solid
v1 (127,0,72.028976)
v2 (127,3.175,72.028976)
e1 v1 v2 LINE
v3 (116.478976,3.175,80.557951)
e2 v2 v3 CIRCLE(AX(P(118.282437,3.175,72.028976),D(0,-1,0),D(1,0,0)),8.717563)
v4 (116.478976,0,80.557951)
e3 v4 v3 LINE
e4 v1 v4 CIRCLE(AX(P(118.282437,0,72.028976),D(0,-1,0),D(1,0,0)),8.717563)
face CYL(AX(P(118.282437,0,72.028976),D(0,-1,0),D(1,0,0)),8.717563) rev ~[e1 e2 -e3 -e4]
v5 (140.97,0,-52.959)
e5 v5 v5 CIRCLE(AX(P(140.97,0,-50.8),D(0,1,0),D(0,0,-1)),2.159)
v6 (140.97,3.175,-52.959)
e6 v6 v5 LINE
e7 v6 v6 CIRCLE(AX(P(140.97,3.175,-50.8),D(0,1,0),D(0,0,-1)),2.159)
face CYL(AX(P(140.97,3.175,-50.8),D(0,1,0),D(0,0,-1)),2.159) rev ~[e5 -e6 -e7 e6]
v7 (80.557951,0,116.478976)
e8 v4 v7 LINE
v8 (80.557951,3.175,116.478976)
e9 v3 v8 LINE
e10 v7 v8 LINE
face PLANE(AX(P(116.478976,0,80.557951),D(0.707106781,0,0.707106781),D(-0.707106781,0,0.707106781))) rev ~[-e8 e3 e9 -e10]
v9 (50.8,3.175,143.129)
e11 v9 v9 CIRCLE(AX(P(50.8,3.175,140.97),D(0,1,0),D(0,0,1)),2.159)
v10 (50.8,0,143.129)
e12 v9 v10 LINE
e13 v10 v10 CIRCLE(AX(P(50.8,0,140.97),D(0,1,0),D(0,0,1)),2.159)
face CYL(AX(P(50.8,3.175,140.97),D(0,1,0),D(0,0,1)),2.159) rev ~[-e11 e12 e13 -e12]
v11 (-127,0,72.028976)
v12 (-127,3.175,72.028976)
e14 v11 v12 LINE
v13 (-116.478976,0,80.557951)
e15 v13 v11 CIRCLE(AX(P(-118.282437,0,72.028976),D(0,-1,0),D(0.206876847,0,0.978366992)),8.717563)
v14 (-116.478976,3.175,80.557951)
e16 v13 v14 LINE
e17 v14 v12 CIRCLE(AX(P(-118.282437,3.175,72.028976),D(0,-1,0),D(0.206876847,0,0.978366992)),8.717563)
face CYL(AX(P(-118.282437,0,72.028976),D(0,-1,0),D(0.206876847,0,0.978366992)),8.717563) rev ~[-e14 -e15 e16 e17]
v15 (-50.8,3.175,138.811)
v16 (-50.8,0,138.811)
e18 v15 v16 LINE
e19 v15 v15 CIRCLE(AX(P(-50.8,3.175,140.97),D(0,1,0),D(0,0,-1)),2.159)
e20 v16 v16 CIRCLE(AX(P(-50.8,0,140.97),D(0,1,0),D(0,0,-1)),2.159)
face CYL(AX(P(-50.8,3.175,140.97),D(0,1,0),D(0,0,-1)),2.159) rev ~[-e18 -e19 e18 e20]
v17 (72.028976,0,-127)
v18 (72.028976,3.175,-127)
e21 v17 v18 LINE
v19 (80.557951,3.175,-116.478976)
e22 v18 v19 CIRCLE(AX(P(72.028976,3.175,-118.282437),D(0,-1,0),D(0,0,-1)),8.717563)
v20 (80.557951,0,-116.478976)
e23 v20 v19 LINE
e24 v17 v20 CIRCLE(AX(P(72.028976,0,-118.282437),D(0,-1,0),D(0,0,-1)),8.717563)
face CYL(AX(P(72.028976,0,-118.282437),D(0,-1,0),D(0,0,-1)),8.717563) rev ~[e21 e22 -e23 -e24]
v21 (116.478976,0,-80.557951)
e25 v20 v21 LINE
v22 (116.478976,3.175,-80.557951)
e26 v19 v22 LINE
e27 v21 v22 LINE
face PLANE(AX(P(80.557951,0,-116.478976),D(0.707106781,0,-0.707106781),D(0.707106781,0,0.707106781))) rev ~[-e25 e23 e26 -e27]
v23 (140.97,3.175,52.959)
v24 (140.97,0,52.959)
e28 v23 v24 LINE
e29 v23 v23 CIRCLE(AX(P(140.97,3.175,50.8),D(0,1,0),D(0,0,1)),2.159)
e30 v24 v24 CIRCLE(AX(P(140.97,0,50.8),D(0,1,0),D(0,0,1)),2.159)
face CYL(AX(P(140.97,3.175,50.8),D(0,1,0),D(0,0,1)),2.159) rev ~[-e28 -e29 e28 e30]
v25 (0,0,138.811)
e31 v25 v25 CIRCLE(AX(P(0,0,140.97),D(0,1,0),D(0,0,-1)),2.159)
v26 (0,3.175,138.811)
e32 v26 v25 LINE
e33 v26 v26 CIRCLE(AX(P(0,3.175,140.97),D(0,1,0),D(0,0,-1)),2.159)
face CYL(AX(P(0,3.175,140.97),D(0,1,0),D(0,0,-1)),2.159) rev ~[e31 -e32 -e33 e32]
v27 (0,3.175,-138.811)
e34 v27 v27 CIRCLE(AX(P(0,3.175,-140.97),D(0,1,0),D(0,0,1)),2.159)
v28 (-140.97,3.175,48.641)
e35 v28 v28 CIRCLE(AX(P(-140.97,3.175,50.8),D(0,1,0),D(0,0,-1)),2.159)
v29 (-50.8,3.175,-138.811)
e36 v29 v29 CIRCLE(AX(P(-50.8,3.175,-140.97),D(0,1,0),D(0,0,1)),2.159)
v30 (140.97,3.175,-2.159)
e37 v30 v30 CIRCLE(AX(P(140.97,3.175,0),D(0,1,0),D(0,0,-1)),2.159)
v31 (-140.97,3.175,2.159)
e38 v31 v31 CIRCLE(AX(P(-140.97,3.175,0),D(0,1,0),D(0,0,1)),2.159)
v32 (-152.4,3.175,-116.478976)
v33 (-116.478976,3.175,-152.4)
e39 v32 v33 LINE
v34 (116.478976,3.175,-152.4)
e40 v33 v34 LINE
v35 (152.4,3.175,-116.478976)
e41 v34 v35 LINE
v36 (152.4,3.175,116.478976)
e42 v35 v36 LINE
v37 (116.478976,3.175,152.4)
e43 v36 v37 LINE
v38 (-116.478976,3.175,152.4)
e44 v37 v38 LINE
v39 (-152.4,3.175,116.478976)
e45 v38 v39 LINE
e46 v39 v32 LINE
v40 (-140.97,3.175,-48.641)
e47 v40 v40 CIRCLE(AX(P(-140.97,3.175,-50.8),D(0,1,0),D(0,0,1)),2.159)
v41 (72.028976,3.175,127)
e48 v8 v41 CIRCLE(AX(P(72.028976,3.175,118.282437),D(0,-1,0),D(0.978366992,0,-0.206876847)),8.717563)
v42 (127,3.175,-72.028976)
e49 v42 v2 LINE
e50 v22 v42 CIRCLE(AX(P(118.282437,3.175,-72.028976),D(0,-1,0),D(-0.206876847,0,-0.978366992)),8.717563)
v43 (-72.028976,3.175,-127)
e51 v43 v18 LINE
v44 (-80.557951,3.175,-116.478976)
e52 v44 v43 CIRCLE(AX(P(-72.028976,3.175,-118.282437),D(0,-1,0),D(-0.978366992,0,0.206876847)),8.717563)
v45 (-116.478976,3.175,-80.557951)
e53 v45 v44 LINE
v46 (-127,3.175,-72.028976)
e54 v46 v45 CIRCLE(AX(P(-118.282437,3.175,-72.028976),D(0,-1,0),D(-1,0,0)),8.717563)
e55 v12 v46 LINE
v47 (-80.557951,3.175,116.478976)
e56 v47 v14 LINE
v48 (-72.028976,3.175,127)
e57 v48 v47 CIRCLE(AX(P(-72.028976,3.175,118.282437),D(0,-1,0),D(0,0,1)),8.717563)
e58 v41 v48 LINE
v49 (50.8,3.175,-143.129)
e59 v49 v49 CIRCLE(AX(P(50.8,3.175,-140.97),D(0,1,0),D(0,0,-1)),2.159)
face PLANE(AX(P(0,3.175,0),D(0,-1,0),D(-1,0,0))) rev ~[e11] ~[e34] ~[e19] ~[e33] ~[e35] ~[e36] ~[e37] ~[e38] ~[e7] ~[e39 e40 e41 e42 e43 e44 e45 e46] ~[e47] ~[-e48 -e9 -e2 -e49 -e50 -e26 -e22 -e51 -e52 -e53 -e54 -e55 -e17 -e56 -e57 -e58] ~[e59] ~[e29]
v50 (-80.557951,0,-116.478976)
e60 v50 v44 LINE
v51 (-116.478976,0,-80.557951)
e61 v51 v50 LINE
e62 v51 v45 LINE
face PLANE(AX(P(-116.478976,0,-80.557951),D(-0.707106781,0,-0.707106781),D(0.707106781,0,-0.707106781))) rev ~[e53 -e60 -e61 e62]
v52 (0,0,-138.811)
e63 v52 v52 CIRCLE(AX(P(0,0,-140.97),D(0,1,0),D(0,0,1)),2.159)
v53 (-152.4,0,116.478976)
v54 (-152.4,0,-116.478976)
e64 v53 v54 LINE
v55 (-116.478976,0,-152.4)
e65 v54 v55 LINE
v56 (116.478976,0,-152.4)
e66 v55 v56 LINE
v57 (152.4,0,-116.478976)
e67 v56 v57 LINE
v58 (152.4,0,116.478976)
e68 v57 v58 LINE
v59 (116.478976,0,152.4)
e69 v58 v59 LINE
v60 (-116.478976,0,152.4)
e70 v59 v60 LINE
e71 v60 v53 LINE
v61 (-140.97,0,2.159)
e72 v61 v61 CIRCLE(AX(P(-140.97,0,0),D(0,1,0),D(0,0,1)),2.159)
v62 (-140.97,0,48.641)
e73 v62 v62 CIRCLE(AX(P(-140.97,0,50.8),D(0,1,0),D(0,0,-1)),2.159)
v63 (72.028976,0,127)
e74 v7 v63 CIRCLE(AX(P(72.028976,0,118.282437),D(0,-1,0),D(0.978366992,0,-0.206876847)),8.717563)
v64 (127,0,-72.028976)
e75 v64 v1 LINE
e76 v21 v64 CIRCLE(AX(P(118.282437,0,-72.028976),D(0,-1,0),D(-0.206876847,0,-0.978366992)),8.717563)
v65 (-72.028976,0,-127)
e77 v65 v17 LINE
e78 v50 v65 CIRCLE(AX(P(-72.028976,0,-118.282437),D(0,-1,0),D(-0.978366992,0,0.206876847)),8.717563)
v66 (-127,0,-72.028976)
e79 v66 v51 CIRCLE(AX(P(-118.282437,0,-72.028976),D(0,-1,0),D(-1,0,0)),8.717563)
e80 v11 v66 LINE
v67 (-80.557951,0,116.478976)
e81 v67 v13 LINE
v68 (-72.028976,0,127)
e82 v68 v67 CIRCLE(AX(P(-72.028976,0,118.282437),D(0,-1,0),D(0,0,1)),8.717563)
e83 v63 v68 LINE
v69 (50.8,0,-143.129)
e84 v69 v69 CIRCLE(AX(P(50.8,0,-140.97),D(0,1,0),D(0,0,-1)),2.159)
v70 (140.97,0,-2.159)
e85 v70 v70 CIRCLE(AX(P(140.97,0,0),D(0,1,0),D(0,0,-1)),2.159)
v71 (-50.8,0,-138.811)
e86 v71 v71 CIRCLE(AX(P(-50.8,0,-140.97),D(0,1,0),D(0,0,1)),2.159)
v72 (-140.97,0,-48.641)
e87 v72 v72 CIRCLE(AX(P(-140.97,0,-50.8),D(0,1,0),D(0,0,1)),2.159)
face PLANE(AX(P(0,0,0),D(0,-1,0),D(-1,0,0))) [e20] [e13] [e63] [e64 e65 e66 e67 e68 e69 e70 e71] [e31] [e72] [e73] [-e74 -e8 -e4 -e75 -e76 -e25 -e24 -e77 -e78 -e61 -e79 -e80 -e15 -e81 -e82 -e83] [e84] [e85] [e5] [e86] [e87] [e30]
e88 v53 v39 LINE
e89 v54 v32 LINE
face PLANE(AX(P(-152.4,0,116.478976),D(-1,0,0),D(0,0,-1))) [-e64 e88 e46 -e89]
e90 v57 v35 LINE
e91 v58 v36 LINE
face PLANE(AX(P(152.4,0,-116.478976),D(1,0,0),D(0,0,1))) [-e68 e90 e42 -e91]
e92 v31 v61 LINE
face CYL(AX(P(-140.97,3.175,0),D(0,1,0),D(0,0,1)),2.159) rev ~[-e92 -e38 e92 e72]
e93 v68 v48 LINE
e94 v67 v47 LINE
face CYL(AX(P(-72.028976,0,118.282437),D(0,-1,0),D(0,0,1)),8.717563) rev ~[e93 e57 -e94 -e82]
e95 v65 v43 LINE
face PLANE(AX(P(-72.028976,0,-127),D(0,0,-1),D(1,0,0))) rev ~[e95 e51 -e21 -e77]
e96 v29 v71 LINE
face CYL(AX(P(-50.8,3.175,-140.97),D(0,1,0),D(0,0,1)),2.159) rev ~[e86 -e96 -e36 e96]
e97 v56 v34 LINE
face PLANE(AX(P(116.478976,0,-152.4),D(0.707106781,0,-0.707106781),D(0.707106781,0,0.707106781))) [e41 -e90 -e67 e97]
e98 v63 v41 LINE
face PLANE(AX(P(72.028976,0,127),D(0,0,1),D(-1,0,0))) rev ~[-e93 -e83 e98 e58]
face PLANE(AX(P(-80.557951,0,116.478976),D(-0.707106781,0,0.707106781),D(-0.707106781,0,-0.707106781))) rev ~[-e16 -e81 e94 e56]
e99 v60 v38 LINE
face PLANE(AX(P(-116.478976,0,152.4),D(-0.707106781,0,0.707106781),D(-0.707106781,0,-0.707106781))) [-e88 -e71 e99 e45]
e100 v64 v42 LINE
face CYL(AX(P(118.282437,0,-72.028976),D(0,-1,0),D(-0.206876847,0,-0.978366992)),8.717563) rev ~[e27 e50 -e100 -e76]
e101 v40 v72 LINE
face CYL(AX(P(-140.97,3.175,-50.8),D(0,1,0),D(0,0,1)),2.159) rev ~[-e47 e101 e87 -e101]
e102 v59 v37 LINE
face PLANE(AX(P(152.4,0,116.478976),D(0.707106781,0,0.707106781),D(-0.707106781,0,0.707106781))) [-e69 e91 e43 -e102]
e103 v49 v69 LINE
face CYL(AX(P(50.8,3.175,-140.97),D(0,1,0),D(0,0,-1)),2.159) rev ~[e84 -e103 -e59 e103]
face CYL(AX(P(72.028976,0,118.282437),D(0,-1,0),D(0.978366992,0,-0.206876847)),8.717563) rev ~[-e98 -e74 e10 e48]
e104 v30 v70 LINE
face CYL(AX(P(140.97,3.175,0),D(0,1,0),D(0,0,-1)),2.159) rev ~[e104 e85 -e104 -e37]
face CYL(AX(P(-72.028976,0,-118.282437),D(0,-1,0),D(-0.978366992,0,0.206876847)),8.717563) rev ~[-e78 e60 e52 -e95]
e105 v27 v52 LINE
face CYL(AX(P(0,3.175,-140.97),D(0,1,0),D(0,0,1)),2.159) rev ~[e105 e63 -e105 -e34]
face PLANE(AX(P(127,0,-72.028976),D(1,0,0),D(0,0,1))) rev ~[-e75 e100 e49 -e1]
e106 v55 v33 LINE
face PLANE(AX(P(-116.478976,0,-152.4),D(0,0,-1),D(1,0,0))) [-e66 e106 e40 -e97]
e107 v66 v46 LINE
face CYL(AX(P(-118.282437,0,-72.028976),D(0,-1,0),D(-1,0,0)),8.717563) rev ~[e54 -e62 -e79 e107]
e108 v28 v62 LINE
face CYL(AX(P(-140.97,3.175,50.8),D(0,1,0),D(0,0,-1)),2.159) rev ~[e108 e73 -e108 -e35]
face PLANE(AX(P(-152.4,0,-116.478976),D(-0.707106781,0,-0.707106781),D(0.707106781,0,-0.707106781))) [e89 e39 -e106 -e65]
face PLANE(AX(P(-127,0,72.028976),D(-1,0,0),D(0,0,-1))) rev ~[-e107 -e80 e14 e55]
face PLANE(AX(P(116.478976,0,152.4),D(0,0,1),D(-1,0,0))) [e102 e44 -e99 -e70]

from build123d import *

# Parameters (mm, degrees)
BOSS_EXTRUDE1_DEPTH = 3.175
SKETCH4_R           = 2.159
CUT_EXTRUDE2_DEPTH  = 216.549531721


with BuildPart() as part:
    # Sketch2 → Boss-Extrude1 (new body)
    with BuildSketch(Plane(origin=(0, 0, 0), x_dir=(1, 0, 0), z_dir=(0, 1, 0))):
        Polygon((-152.4, 116.478975516), (-116.478975516, 152.4), (116.478975516, 152.4), (152.4, 116.478975516), (152.4, -116.478975516), (116.478975516, -152.4), (-116.478975516, -152.4), (-152.4, -116.478975516), align=None)
        with BuildLine():
            Line((-116.478975516, 80.557951031), (-80.557951031, 116.478975516))
            ThreePointArc((-80.557951031, 116.478975516), (-78.800891411, 123.772159882), (-72.028975516, 127))
            Line((-72.028975516, 127), (-59.328975516, 127))
            Line((-59.328975516, 127), (59.328975516, 127))
            Line((59.328975516, 127), (72.028975516, 127))
            ThreePointArc((72.028975516, 127), (78.800891411, 123.772159882), (80.557951031, 116.478975516))
            Line((80.557951031, 116.478975516), (116.478975516, 80.557951031))
            ThreePointArc((116.478975516, 80.557951031), (123.772159882, 78.800891411), (127, 72.028975516))
            Line((127, 72.028975516), (127, 59.328975516))
            Line((127, 59.328975516), (127, -59.328975516))
            Line((127, -59.328975516), (127, -72.028975516))
            ThreePointArc((127, -72.028975516), (123.772159882, -78.800891411), (116.478975516, -80.557951031))
            Line((116.478975516, -80.557951031), (80.557951031, -116.478975516))
            ThreePointArc((80.557951031, -116.478975516), (78.800891411, -123.772159882), (72.028975516, -127))
            Line((72.028975516, -127), (59.328975516, -127))
            Line((59.328975516, -127), (-59.328975516, -127))
            Line((-59.328975516, -127), (-72.028975516, -127))
            ThreePointArc((-72.028975516, -127), (-78.800891411, -123.772159882), (-80.557951031, -116.478975516))
            Line((-80.557951031, -116.478975516), (-116.478975516, -80.557951031))
            ThreePointArc((-116.478975516, -80.557951031), (-123.772159882, -78.800891411), (-127, -72.028975516))
            Line((-127, -72.028975516), (-127, -59.328975516))
            Line((-127, -59.328975516), (-127, 59.328975516))
            Line((-127, 59.328975516), (-127, 72.028975516))
            ThreePointArc((-127, 72.028975516), (-123.772159882, 78.800891411), (-116.478975516, 80.557951031))
        make_face(mode=Mode.SUBTRACT)
    extrude(amount=BOSS_EXTRUDE1_DEPTH)

    # Sketch4 → Cut-Extrude2 (cut, through all)
    with BuildSketch(Plane(origin=(0, 3.175, 0), x_dir=(1, 0, 0), z_dir=(0, 1, 0))):
        with Locations(Location((0, 140.97, 0), (0, 0, 270))):
            Circle(SKETCH4_R)
        with Locations(Location((-50.8, 140.97, 0), (0, 0, 270))):
            Circle(SKETCH4_R)
        with Locations(Location((-140.97, 50.8, 0), (0, 0, 270))):
            Circle(SKETCH4_R)
        with Locations(Location((-140.97, 0, 0), (0, 0, 270))):
            Circle(SKETCH4_R)
        with Locations(Location((140.97, 0, 0), (0, 0, 90))):
            Circle(SKETCH4_R)
        with Locations(Location((140.97, 50.8, 0), (0, 0, 90))):
            Circle(SKETCH4_R)
        with Locations(Location((50.8, 140.97, 0), (0, 0, 90))):
            Circle(SKETCH4_R)
        with Locations(Location((50.8, -140.97, 0), (0, 0, 270))):
            Circle(SKETCH4_R)
        with Locations(Location((140.97, -50.8, 0), (0, 0, 270))):
            Circle(SKETCH4_R)
        with Locations(Location((-50.8, -140.97, 0), (0, 0, 90))):
            Circle(SKETCH4_R)
        with Locations(Location((0, -140.97, 0), (0, 0, 90))):
            Circle(SKETCH4_R)
        with Locations(Location((-140.97, -50.8, 0), (0, 0, 90))):
            Circle(SKETCH4_R)
    extrude(amount=-CUT_EXTRUDE2_DEPTH, mode=Mode.SUBTRACT)


solid = part.part
